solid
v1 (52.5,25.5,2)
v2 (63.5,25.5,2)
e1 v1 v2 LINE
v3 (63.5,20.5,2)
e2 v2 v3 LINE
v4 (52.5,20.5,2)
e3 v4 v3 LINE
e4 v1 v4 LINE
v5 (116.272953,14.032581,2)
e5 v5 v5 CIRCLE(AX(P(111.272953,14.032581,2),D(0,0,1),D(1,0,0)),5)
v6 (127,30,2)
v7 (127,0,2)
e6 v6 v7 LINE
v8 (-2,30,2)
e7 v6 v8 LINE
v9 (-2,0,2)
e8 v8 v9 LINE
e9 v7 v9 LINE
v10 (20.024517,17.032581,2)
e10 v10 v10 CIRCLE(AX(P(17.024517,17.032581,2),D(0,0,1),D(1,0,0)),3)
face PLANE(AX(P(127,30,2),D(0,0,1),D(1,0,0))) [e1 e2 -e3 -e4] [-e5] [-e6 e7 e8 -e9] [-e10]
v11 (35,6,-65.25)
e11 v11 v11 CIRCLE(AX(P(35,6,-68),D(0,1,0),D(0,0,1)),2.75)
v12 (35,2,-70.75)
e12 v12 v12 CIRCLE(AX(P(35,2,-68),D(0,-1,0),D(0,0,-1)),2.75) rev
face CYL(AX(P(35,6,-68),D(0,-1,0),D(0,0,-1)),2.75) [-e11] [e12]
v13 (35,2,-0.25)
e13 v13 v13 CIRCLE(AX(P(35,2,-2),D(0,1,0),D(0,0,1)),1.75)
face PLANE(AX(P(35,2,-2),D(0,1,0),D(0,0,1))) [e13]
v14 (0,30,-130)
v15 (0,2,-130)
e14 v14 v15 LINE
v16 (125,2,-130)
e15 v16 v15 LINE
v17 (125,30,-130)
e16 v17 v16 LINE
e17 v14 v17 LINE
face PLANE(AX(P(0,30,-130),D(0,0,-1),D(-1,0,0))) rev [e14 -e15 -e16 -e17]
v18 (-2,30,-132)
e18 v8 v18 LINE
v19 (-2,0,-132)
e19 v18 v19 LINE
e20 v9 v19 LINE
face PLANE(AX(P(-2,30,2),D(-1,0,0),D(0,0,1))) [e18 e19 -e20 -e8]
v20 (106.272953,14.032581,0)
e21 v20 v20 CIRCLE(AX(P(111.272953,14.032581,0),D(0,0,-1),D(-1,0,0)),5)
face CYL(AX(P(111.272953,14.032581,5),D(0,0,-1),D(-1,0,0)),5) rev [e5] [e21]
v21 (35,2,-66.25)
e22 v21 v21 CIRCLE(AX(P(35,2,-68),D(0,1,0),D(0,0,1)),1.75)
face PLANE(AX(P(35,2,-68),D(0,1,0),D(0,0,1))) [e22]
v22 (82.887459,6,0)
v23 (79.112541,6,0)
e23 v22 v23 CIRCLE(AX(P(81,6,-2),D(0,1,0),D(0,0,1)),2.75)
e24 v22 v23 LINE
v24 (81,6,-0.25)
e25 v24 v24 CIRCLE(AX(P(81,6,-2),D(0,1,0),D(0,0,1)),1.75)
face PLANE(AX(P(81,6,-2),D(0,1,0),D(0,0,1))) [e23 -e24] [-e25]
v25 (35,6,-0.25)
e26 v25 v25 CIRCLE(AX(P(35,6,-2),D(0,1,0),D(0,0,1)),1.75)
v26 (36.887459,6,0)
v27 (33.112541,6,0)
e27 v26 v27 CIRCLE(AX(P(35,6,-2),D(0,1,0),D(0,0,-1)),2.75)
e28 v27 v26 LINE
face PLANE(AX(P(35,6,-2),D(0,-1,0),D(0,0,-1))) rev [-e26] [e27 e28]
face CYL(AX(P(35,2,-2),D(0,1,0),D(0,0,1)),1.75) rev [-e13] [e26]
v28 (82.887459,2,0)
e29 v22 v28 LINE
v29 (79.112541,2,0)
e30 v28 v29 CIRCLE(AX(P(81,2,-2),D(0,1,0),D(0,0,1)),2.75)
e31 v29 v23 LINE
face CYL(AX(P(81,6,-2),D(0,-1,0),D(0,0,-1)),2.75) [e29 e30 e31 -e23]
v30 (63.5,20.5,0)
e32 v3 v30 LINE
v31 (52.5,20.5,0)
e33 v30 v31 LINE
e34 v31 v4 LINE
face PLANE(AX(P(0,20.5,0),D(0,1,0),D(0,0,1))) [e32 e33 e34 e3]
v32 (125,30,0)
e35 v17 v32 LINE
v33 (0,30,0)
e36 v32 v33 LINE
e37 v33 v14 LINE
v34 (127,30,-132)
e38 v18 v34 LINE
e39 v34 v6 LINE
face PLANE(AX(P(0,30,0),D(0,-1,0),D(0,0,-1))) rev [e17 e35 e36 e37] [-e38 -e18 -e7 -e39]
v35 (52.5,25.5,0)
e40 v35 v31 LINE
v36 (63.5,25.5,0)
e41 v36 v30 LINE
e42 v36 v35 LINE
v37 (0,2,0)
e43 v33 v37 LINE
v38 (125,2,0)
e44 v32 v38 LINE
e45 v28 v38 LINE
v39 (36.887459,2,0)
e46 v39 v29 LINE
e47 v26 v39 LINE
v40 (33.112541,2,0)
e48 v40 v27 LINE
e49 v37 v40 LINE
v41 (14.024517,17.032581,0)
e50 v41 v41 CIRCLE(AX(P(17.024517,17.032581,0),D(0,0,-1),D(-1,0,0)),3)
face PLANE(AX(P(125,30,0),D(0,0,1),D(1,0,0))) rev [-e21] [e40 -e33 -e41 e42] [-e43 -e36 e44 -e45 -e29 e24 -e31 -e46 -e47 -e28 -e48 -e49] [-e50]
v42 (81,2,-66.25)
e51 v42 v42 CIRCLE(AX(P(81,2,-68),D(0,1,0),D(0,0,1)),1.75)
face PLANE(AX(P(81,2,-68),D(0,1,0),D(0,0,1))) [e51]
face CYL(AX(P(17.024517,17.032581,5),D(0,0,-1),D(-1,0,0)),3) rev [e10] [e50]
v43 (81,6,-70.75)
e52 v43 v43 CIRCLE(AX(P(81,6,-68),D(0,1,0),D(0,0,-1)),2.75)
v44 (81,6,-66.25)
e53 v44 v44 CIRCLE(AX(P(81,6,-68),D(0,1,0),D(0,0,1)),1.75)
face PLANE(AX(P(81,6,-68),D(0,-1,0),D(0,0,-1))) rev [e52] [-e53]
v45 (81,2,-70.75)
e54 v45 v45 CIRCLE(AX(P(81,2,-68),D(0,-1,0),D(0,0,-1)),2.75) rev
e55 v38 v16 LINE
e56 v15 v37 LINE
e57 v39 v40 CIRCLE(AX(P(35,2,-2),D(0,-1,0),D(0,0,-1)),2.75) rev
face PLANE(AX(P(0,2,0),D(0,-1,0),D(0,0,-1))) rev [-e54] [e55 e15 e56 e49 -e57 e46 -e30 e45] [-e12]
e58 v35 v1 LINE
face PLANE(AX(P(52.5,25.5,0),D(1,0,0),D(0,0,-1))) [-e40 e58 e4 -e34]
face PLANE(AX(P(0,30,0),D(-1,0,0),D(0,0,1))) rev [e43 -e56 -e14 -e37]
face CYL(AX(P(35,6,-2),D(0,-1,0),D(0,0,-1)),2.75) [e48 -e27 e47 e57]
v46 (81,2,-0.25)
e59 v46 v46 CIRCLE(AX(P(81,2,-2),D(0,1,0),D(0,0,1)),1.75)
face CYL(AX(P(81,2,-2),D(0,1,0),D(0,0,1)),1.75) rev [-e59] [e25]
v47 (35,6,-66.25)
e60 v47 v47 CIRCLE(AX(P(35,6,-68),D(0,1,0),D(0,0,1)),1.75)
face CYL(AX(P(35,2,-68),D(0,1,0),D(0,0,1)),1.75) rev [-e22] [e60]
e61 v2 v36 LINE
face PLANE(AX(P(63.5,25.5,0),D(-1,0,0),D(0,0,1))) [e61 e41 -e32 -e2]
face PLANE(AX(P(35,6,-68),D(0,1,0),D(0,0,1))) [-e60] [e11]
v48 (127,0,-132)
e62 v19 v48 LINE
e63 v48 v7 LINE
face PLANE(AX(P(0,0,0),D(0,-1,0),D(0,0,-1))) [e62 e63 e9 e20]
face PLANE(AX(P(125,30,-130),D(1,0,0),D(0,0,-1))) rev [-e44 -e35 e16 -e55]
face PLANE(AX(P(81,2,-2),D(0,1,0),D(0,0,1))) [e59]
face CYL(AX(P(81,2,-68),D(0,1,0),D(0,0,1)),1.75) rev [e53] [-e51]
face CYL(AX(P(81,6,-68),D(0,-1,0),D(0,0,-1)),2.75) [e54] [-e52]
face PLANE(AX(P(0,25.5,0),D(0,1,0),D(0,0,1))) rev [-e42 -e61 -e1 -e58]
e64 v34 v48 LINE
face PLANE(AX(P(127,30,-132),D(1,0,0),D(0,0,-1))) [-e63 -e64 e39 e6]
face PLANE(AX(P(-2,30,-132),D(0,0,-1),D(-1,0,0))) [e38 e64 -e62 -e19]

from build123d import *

# Parameters (mm, degrees)
SKETCH1_W           = 125
SKETCH1_H           = 130
BOSS_EXTRUDE1_DEPTH = 2
SKETCH2_W           = 129
SKETCH2_H           = 134
SKETCH2_W_2         = 125
SKETCH2_H_2         = 130
BOSS_EXTRUDE2_DEPTH = 30
SKETCH3_R           = 2.75
BOSS_EXTRUDE3_DEPTH = 4
SKETCH4_R           = 1.75
CUT_EXTRUDE1_DEPTH  = 4
SKETCH5_W           = 11
SKETCH5_H           = 2
CUT_EXTRUDE2_DEPTH  = 5
SKETCH6_R           = 3
SKETCH6_R_2         = 5
CUT_EXTRUDE3_DEPTH  = 5


with BuildPart() as part:
    # Sketch1 → Boss-Extrude1 (new body)
    with BuildSketch(Plane(origin=(0, 0, 0), x_dir=(1, 0, 0), z_dir=(0, 1, 0))):
        with Locations((62.5, 65)):
            Rectangle(SKETCH1_W, SKETCH1_H)
    extrude(amount=BOSS_EXTRUDE1_DEPTH)

    # Sketch2 → Boss-Extrude2 (add)
    with BuildSketch(Plane.XZ):
        with Locations((62.5, -65)):
            Rectangle(SKETCH2_W, SKETCH2_H)
        with Locations((62.5, -65)):
            Rectangle(SKETCH2_W_2, SKETCH2_H_2, mode=Mode.SUBTRACT)
    extrude(amount=-BOSS_EXTRUDE2_DEPTH)

    # Sketch3 → Boss-Extrude3 (add)
    with BuildSketch(Plane(origin=(0, 2, 0), x_dir=(1, 0, 0), z_dir=(0, 1, 0))):
        with Locations((35, 68)):
            Circle(SKETCH3_R)
        with Locations((81, 68)):
            Circle(SKETCH3_R)
        with Locations((81, 2)):
            Circle(SKETCH3_R)
        with Locations((35, 2)):
            Circle(SKETCH3_R)
    extrude(amount=BOSS_EXTRUDE3_DEPTH)

    # Sketch4 → Cut-Extrude1 (cut)
    with BuildSketch(Plane(origin=(0, 6, 0), x_dir=(1, 0, 0), z_dir=(0, 1, 0))):
        with Locations((81, 2)):
            Circle(SKETCH4_R)
        with Locations((35, 2)):
            Circle(SKETCH4_R)
        with Locations((35, 68)):
            Circle(SKETCH4_R)
        with Locations((81, 68)):
            Circle(SKETCH4_R)
    extrude(amount=-CUT_EXTRUDE1_DEPTH, mode=Mode.SUBTRACT)

    # Sketch5 → Cut-Extrude2 (cut)
    with BuildSketch(Plane(origin=(0, 20.5, 0), x_dir=(1, 0, 0), z_dir=(0, 1, 0))):
        with Locations((58, -1)):
            Rectangle(SKETCH5_W, SKETCH5_H)
    extrude(amount=CUT_EXTRUDE2_DEPTH, mode=Mode.SUBTRACT)

    # Sketch6 → Cut-Extrude3 (cut)
    with BuildSketch(Plane(origin=(0, 0, 0), x_dir=(-1, 0, 0), z_dir=(0, 0, -1))):
        with Locations((-17.024516763, 17.032581473)):
            Circle(SKETCH6_R)
        with Locations((-111.272952747, 14.032581473)):
            Circle(SKETCH6_R_2)
    extrude(amount=-CUT_EXTRUDE3_DEPTH, mode=Mode.SUBTRACT)


solid = part.part
